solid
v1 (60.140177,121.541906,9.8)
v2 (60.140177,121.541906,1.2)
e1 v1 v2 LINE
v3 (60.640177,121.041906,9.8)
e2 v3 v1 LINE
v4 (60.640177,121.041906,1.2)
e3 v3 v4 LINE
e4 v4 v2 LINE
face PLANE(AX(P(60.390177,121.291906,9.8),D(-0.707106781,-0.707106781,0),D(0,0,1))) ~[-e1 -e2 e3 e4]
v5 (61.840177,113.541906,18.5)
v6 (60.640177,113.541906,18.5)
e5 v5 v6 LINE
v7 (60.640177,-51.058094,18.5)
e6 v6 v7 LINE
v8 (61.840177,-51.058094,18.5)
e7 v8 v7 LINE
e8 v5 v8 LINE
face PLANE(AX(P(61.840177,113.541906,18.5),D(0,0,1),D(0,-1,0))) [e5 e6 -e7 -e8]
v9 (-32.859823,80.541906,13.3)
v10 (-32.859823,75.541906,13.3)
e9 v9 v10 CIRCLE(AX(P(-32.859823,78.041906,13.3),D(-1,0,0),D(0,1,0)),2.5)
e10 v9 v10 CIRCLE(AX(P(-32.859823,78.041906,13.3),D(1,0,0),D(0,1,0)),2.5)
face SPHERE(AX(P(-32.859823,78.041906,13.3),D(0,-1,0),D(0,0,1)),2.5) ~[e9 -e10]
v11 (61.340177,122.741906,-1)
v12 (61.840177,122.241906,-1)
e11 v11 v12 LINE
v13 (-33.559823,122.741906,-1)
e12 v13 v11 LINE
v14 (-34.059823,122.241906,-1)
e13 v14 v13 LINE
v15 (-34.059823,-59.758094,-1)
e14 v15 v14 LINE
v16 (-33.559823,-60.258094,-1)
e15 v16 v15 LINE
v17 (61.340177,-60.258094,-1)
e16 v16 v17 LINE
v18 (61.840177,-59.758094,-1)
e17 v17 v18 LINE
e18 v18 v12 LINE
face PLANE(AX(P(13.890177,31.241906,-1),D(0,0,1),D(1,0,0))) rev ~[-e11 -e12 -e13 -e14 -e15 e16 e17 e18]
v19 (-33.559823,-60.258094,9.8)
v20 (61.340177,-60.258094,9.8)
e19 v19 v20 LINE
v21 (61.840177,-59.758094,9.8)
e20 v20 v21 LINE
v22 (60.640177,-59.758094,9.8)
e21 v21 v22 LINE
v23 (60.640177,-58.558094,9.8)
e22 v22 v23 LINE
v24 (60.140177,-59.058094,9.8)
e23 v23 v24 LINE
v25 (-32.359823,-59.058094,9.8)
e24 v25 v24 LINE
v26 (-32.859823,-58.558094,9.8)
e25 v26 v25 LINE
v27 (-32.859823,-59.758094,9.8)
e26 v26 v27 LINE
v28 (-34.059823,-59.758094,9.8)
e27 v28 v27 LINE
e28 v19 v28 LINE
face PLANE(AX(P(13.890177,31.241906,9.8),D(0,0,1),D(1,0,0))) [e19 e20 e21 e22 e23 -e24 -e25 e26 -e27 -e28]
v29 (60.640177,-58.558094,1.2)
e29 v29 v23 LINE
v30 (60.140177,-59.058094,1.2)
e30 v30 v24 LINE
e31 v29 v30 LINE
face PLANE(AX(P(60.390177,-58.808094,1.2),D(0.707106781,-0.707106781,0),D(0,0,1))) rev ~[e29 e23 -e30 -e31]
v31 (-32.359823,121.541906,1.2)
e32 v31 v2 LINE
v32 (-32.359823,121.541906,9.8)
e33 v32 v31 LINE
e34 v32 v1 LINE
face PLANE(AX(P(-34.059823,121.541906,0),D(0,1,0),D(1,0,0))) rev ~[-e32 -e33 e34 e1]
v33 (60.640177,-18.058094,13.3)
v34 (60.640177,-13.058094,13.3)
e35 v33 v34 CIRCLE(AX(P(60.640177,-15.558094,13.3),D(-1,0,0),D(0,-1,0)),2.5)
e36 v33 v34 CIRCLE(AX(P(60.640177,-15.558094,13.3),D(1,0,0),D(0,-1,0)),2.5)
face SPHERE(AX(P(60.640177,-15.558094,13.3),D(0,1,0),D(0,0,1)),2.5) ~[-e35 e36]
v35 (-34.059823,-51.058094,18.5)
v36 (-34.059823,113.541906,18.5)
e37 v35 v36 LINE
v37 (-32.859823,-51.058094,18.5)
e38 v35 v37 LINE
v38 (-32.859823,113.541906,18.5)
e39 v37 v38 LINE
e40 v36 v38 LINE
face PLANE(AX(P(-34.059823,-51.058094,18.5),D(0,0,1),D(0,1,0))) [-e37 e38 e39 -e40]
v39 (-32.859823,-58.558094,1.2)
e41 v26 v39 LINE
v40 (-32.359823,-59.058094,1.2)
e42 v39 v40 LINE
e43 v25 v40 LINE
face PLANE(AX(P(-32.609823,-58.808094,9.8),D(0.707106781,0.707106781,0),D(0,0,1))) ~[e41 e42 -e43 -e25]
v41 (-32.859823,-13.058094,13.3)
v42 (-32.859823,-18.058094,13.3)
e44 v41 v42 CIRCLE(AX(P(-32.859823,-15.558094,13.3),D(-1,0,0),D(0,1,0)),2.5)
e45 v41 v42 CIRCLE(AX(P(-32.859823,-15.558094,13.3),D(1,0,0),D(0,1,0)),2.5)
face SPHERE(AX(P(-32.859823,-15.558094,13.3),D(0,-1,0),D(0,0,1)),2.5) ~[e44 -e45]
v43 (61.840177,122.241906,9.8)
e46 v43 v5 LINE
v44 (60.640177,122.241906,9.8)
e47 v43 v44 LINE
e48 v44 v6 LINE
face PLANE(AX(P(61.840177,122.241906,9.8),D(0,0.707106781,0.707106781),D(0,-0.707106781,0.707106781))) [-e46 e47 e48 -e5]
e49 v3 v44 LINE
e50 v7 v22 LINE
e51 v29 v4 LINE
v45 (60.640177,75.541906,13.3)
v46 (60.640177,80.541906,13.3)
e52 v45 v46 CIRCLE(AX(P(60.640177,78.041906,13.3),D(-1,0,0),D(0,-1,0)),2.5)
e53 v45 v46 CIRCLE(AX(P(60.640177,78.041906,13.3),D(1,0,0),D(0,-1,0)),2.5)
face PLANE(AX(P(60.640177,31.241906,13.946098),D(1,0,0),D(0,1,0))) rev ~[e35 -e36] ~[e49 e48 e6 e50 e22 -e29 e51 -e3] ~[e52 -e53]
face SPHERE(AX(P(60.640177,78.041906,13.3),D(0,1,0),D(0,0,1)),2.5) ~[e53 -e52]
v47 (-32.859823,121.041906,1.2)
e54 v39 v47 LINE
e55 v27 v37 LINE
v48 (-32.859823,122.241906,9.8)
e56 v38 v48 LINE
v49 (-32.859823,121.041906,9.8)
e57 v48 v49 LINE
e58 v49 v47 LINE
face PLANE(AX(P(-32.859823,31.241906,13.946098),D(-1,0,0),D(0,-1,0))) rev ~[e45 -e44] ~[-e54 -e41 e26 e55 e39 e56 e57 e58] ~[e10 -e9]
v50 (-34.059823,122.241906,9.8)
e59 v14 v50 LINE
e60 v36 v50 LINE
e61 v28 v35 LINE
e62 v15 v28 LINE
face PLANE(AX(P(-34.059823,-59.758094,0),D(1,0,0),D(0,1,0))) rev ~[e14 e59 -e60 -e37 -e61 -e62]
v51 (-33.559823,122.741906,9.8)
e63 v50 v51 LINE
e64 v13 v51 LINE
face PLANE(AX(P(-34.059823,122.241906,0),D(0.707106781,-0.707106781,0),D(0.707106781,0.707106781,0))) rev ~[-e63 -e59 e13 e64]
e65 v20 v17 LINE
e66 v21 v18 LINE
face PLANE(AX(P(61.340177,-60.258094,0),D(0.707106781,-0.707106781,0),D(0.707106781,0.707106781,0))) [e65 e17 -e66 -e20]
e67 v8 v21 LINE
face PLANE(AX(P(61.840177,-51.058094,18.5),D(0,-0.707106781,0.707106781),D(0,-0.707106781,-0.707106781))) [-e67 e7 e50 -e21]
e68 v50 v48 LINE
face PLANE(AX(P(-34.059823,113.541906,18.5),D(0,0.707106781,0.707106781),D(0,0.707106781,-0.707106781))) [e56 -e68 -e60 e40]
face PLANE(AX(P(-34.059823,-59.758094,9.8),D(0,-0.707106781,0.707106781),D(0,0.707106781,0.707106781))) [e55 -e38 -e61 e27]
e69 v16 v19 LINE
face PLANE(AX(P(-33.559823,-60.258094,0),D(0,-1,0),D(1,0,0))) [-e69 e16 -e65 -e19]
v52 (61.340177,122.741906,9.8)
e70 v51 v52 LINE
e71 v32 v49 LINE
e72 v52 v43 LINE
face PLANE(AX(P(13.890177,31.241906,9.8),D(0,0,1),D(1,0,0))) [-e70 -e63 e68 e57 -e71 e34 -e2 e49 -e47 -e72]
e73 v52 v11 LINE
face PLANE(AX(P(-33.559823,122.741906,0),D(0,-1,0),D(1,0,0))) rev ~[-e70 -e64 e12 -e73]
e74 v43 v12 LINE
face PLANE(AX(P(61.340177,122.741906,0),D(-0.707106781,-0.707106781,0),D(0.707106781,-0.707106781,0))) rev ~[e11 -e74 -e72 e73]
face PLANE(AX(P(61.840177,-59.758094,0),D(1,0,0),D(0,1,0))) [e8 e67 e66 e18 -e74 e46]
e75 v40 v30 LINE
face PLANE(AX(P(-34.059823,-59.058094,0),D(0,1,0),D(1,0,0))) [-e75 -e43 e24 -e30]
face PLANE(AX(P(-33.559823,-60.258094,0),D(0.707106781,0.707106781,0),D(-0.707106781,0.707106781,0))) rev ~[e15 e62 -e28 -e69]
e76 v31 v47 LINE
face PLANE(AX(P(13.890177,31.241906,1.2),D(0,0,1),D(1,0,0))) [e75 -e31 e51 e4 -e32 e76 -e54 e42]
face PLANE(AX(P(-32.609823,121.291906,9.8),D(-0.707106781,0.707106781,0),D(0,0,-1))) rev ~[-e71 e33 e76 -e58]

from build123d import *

# Parameters (mm, degrees)
F0_W      = 95.9
F0_H      = 183
F1_DEPTH  = 9.8
F2_T      = -1.2
F3_SIZE   = 0.5
F4_SIZE   = 0.5
F5_SIZE   = 0.5
F6_SIZE   = 0.5
F7_SIZE   = 0.5
F8_SIZE   = 0.5
F9_SIZE   = 0.5
F11_DEPTH = 1.2
F13_DEPTH = 1.2
F15_ANGLE = 180
F16_ANGLE = 180
F18_ANGLE = 180
F19_ANGLE = 180
F20_DEPTH = 1


with BuildPart() as f1:
    # F0 (on Top) → F1 (new body)
    with BuildSketch(Plane.XY):
        with Locations((13.8901774406, 31.2419057786)):
            Rectangle(F0_W, F0_H)
    extrude(amount=F1_DEPTH)

    # F2
    f2_openings = [f1.faces().sort_by_distance(p)[0] for p in [
        (13.890177, 31.241906, 9.8),
    ]]
    offset(amount=F2_T, openings=f2_openings)

    # F3
    f3_edges = [f1.edges().sort_by_distance(p)[0] for p in [
        (61.840177, -60.258094, 4.9),
    ]]
    chamfer(f3_edges, length=F3_SIZE)

    # F4
    f4_edges = [f1.edges().sort_by_distance(p)[0] for p in [
        (-34.059823, -60.258094, 4.9),
    ]]
    chamfer(f4_edges, length=F4_SIZE)

    # F5
    f5_edges = [f1.edges().sort_by_distance(p)[0] for p in [
        (-34.059823, 122.741906, 4.9),
    ]]
    chamfer(f5_edges, length=F5_SIZE)

    # F6
    f6_edges = [f1.edges().sort_by_distance(p)[0] for p in [
        (61.840177, 122.741906, 4.9),
    ]]
    chamfer(f6_edges, length=F6_SIZE)

    # F7
    f7_edges = [f1.edges().sort_by_distance(p)[0] for p in [
        (60.640177, 121.541906, 5.5),
    ]]
    chamfer(f7_edges, length=F7_SIZE)

    # F8
    f8_edges = [f1.edges().sort_by_distance(p)[0] for p in [
        (-32.859823, 121.541906, 5.5),
    ]]
    chamfer(f8_edges, length=F8_SIZE)

    # F9
    f9_edges = [f1.edges().sort_by_distance(p)[0] for p in [
        (60.640177, -59.058094, 5.5),
        (-32.859823, -59.058094, 5.5),
    ]]
    chamfer(f9_edges, length=F9_SIZE)

    # F10 (on face) → F11 (join, through all)
    with BuildSketch(Plane.YZ.offset(61.8401774406)):
        Polygon((-51.0580942214, 18.5), (-59.7580942214, 9.8), (122.2419057786, 9.8), (113.5419057786, 18.5), align=None)
    extrude(amount=-F11_DEPTH)

    # F12 (on face) → F13 (join, through all)
    with BuildSketch(Plane(origin=(-34.0598225594, 0, 0), x_dir=(0, -1, 0), z_dir=(-1, 0, 0))):
        Polygon((51.0580942214, 18.5), (-113.5419057786, 18.5), (-122.2419057786, 9.8), (59.7580942214, 9.8), align=None)
    extrude(amount=-F13_DEPTH)

    # F14 (on face) → F15 (revolve)
    with BuildSketch(Plane.YZ.offset(-32.8598225594)):
        with BuildLine():
            Line((-15.5580942214, 13.3), (-13.0580942214, 13.3))
            ThreePointArc((-13.0580942214, 13.3), (-15.5580942214, 15.8), (-18.0580942214, 13.3))
            Line((-18.0580942214, 13.3), (-15.5580942214, 13.3))
        make_face()
    revolve(axis=Axis((-32.8598225594, -14.3080942214, 13.3), (0, 1, 0)), revolution_arc=F15_ANGLE)

    # F14 (on face) → F16 (revolve)
    with BuildSketch(Plane.YZ.offset(-32.8598225594)):
        with BuildLine():
            Line((78.0419057786, 13.3), (80.5419057786, 13.3))
            ThreePointArc((80.5419057786, 13.3), (78.0419057786, 15.8), (75.5419057786, 13.3))
            Line((75.5419057786, 13.3), (78.0419057786, 13.3))
        make_face()
    revolve(axis=Axis((-32.8598225594, 79.2919057786, 13.3), (0, 1, 0)), revolution_arc=F16_ANGLE)

    # F17 (on face) → F18 (revolve)
    with BuildSketch(Plane(origin=(60.6401774406, 0, 0), x_dir=(0, -1, 0), z_dir=(-1, 0, 0))):
        with BuildLine():
            Line((-78.0419057786, 13.3), (-75.5419057786, 13.3))
            ThreePointArc((-75.5419057786, 13.3), (-78.0419057786, 15.8), (-80.5419057786, 13.3))
            Line((-80.5419057786, 13.3), (-78.0419057786, 13.3))
        make_face()
    revolve(axis=Axis((60.6401774406, 76.7919057786, 13.3), (0, -1, 0)), revolution_arc=F18_ANGLE)

    # F17 (on face) → F19 (revolve)
    with BuildSketch(Plane(origin=(60.6401774406, 0, 0), x_dir=(0, -1, 0), z_dir=(-1, 0, 0))):
        with BuildLine():
            Line((15.5580942214, 13.3), (18.0580942214, 13.3))
            ThreePointArc((18.0580942214, 13.3), (15.5580942214, 15.8), (13.0580942214, 13.3))
            Line((13.0580942214, 13.3), (15.5580942214, 13.3))
        make_face()
    revolve(axis=Axis((60.6401774406, -16.8080942214, 13.3), (0, -1, 0)), revolution_arc=F19_ANGLE)

    # F20 (add): a face of the model
    f20_faces = [f1.faces().sort_by_distance(p)[0] for p in [
        (13.8901774406, 31.2419057786, 0),
    ]]
    extrude(f20_faces, amount=F20_DEPTH)


solid = f1.part
